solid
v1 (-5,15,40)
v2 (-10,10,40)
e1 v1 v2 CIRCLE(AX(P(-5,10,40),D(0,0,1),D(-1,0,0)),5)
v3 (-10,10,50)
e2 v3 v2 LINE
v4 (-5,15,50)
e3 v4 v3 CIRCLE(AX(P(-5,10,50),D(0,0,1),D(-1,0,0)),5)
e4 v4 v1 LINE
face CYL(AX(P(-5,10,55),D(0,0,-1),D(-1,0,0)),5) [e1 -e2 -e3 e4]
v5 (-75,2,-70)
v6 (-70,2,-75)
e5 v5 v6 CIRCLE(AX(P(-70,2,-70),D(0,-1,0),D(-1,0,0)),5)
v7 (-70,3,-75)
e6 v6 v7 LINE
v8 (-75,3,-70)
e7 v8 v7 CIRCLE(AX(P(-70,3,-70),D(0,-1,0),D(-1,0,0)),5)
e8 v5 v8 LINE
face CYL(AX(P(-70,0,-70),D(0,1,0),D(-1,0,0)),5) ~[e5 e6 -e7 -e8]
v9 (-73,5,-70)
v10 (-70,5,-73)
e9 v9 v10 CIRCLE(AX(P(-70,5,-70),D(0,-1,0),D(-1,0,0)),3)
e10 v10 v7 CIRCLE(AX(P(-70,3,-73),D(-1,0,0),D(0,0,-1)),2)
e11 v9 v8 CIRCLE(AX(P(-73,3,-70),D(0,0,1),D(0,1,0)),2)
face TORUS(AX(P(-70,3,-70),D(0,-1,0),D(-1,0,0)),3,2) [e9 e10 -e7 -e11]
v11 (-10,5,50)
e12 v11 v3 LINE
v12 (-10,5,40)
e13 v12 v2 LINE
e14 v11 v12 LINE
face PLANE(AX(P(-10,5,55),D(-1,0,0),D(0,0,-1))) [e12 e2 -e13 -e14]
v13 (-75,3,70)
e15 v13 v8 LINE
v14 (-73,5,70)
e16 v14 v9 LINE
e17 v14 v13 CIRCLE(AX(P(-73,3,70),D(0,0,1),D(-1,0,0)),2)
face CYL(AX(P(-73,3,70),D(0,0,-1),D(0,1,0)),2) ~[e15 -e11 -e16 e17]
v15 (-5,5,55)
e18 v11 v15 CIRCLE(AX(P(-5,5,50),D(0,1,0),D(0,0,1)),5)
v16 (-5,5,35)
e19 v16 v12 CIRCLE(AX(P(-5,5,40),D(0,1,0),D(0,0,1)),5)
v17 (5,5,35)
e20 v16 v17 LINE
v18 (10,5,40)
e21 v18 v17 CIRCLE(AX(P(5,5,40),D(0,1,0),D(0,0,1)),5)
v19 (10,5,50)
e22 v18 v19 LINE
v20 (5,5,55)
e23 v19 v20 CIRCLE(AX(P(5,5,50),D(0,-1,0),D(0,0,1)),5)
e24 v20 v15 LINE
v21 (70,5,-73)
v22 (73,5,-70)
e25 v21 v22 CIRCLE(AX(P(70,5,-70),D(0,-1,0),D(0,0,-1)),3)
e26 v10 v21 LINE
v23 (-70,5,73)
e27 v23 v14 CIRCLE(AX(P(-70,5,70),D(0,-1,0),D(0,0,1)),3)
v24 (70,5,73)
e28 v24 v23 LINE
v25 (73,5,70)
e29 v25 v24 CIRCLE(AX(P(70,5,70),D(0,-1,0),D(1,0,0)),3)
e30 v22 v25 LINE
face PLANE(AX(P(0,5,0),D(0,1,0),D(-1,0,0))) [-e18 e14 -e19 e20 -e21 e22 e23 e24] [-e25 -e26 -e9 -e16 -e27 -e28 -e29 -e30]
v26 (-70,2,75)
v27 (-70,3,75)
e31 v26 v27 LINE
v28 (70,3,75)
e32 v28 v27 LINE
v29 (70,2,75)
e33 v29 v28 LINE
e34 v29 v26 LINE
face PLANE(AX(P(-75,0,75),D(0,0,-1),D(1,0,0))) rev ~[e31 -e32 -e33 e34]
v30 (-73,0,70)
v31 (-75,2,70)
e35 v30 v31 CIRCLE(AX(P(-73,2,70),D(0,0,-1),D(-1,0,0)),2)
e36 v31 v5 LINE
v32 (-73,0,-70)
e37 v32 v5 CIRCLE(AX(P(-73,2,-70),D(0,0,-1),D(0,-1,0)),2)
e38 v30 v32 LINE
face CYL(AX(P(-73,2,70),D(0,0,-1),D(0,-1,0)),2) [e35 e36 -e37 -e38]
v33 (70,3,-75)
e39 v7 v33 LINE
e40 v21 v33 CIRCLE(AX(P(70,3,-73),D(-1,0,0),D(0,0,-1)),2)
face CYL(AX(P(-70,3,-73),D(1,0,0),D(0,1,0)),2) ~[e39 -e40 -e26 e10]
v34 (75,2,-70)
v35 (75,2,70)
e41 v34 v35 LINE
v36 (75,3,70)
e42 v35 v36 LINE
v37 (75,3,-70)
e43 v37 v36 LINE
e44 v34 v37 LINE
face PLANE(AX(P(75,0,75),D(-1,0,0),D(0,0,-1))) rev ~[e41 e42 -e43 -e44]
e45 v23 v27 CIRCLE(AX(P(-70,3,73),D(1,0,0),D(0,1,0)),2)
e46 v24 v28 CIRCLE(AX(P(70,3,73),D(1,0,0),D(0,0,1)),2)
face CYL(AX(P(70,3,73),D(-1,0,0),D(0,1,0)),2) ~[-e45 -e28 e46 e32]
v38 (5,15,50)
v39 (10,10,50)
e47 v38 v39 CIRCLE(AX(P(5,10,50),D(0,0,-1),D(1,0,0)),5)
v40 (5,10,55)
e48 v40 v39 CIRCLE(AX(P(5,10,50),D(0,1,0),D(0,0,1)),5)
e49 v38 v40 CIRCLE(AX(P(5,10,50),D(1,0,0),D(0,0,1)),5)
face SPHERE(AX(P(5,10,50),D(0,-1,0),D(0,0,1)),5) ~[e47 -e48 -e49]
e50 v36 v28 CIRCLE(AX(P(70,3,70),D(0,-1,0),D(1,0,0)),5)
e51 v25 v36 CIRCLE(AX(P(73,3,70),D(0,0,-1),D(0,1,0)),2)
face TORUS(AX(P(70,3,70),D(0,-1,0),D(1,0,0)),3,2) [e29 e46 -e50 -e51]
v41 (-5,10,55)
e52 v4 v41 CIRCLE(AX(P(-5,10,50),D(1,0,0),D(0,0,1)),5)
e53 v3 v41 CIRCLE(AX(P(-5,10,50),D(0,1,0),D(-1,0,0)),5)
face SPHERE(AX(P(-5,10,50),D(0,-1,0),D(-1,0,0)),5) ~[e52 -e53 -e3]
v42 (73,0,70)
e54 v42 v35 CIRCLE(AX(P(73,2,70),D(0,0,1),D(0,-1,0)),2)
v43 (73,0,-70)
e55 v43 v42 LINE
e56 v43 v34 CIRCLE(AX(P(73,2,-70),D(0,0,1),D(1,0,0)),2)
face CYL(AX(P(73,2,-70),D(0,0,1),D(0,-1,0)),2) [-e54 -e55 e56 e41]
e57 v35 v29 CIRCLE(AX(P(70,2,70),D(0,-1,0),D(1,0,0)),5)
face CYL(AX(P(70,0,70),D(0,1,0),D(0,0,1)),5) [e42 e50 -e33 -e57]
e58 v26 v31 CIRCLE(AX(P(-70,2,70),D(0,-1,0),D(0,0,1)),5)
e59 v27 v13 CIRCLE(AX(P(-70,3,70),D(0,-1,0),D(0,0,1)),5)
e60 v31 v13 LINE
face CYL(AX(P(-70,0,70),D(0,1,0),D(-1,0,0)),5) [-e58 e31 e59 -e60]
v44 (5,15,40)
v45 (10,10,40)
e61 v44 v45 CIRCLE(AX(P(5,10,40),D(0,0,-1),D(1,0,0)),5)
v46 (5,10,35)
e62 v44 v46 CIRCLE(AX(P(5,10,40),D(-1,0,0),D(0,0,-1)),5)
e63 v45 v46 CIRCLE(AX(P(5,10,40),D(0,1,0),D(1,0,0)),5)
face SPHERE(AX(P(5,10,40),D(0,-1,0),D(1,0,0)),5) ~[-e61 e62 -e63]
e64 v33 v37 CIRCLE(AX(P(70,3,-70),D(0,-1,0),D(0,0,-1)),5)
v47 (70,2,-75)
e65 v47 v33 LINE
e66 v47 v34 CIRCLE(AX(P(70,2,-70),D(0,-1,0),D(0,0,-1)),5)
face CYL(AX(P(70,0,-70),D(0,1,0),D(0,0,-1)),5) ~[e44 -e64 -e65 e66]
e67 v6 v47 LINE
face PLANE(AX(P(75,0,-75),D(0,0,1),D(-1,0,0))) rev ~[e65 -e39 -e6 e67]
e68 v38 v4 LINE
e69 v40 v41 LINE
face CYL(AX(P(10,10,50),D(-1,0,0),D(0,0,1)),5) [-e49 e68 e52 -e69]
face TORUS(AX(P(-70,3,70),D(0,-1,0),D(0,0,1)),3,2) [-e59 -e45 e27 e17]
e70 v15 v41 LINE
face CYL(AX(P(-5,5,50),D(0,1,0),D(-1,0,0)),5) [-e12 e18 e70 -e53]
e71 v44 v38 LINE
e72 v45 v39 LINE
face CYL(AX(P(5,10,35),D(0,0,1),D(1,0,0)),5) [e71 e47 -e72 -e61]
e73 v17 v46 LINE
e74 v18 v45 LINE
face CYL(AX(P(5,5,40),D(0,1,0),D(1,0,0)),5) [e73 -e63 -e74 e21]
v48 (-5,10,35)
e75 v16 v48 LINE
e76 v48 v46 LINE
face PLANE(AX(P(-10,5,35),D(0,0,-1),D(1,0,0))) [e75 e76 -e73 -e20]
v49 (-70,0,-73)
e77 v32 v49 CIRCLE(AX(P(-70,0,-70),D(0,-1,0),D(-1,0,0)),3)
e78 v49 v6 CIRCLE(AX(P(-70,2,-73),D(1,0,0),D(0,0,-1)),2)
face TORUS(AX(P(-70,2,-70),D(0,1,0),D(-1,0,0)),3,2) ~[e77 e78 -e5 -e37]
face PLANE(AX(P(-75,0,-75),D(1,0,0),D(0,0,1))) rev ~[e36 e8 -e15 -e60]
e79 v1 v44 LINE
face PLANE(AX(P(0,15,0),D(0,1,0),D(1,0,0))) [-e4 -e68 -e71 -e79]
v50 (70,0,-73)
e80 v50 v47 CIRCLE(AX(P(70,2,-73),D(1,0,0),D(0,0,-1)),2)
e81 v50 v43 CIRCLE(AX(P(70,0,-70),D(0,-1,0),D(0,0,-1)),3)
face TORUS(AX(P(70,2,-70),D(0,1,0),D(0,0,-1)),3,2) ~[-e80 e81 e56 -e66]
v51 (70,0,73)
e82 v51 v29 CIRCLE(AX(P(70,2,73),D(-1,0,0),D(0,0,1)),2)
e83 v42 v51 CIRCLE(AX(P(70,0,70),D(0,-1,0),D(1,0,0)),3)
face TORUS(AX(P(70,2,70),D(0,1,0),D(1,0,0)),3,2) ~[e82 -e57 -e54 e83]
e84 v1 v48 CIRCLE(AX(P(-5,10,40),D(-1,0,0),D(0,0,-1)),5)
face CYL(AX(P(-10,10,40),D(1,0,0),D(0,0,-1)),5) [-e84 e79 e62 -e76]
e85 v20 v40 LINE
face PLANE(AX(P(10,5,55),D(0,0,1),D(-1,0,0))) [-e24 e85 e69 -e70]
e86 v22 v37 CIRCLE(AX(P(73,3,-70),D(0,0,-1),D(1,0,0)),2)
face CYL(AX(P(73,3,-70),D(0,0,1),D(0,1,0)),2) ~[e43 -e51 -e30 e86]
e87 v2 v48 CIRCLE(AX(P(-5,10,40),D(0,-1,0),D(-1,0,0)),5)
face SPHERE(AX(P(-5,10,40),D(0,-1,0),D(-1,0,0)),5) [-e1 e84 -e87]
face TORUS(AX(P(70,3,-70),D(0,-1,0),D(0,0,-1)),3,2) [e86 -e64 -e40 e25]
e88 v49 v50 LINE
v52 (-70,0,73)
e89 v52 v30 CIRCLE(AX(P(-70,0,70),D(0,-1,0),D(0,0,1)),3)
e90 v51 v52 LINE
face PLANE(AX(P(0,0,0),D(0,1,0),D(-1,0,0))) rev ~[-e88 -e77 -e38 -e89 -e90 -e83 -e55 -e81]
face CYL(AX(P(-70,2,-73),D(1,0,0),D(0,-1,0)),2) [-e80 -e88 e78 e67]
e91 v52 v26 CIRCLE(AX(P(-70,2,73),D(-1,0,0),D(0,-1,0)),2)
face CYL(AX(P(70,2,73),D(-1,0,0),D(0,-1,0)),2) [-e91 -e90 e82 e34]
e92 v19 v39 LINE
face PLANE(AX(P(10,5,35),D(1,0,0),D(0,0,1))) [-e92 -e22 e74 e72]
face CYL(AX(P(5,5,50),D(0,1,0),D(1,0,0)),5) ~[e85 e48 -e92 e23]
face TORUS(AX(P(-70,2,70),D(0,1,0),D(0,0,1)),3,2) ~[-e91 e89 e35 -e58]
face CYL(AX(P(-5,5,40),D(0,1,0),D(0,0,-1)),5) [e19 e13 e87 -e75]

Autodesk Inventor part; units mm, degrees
ref_plane "YZ Plane" through (0, 0, 0) normal (1, 0, 0) x (0, 1, 0)
ref_plane "XZ Plane" through (0, 0, 0) normal (0, 1, 0) x (-1, 0, 0)
ref_plane "XY Plane" through (0, 0, 0) normal (0, 0, 1) x (1, 0, 0)
sketch "Sketch1" plane through (0, 0, 0) normal (0, 1, 0) x (-1, 0, 0)
  line L0 (75, 75) -> (-75, 75)
  line L1 (-75, 75) -> (-75, -75)
  line L2 (-75, -75) -> (75, -75)
  line L3 (75, -75) -> (75, 75)
  line L4 (75, 75) -> (-75, -75) construction
  line L5 (-75, 75) -> (75, -75) construction
  point P0 (0, 0)
  dimension "d0" = 150
  dimension "d1" = 150
extrude "Extrusion1" add sketch "Sketch1" along normal blind 5
sketch "Sketch2" plane through (0, 5, 0) normal (0, 1, 0) x (1, 0, 0)
  line L0 (10, -55) -> (-10, -55)
  line L1 (-10, -55) -> (-10, -35)
  line L2 (-10, -35) -> (10, -35)
  line L3 (10, -35) -> (10, -55)
  line L4 (10, -55) -> (-10, -35) construction
  line L5 (-10, -55) -> (10, -35) construction
  line L6 (-75, -75) -> (75, -75) projected
  point P0 (0, 0)
  point P1 (0, -45)
  dimension "d4" = 20
  dimension "d5" = 20
  dimension "d6" = 20
extrude "Extrusion2" add sketch "Sketch2" along normal blind 10
fillet "Fillet1" radius 5 12 edges at (75, 2.5, 75) (75, 2.5, -75) (-75, 2.5, 75) (-75, 2.5, -75) (10, 10, 55) (10, 10, 35) (-10, 10, 35) (-10, 10, 55) (-10, 15, 45) (0, 15, 55) (10, 15, 45) (0, 15, 35)
fillet "Fillet2" radius 2 16 edges at (73.5355, 5, -73.5355) (0, 5, -75) (-73.5355, 5, -73.5355) (-75, 5, 0) (-73.5355, 5, 73.5355) (0, 5, 75) (73.5355, 5, 73.5355) (75, 5, 0) (73.5355, 0, -73.5355) (0, 0, -75) (-73.5355, 0, -73.5355) (-75, 0, 0) (-73.5355, 0, 73.5355) (0, 0, 75) (73.5355, 0, 73.5355) (75, 0, 0)
properties part number "slider"
